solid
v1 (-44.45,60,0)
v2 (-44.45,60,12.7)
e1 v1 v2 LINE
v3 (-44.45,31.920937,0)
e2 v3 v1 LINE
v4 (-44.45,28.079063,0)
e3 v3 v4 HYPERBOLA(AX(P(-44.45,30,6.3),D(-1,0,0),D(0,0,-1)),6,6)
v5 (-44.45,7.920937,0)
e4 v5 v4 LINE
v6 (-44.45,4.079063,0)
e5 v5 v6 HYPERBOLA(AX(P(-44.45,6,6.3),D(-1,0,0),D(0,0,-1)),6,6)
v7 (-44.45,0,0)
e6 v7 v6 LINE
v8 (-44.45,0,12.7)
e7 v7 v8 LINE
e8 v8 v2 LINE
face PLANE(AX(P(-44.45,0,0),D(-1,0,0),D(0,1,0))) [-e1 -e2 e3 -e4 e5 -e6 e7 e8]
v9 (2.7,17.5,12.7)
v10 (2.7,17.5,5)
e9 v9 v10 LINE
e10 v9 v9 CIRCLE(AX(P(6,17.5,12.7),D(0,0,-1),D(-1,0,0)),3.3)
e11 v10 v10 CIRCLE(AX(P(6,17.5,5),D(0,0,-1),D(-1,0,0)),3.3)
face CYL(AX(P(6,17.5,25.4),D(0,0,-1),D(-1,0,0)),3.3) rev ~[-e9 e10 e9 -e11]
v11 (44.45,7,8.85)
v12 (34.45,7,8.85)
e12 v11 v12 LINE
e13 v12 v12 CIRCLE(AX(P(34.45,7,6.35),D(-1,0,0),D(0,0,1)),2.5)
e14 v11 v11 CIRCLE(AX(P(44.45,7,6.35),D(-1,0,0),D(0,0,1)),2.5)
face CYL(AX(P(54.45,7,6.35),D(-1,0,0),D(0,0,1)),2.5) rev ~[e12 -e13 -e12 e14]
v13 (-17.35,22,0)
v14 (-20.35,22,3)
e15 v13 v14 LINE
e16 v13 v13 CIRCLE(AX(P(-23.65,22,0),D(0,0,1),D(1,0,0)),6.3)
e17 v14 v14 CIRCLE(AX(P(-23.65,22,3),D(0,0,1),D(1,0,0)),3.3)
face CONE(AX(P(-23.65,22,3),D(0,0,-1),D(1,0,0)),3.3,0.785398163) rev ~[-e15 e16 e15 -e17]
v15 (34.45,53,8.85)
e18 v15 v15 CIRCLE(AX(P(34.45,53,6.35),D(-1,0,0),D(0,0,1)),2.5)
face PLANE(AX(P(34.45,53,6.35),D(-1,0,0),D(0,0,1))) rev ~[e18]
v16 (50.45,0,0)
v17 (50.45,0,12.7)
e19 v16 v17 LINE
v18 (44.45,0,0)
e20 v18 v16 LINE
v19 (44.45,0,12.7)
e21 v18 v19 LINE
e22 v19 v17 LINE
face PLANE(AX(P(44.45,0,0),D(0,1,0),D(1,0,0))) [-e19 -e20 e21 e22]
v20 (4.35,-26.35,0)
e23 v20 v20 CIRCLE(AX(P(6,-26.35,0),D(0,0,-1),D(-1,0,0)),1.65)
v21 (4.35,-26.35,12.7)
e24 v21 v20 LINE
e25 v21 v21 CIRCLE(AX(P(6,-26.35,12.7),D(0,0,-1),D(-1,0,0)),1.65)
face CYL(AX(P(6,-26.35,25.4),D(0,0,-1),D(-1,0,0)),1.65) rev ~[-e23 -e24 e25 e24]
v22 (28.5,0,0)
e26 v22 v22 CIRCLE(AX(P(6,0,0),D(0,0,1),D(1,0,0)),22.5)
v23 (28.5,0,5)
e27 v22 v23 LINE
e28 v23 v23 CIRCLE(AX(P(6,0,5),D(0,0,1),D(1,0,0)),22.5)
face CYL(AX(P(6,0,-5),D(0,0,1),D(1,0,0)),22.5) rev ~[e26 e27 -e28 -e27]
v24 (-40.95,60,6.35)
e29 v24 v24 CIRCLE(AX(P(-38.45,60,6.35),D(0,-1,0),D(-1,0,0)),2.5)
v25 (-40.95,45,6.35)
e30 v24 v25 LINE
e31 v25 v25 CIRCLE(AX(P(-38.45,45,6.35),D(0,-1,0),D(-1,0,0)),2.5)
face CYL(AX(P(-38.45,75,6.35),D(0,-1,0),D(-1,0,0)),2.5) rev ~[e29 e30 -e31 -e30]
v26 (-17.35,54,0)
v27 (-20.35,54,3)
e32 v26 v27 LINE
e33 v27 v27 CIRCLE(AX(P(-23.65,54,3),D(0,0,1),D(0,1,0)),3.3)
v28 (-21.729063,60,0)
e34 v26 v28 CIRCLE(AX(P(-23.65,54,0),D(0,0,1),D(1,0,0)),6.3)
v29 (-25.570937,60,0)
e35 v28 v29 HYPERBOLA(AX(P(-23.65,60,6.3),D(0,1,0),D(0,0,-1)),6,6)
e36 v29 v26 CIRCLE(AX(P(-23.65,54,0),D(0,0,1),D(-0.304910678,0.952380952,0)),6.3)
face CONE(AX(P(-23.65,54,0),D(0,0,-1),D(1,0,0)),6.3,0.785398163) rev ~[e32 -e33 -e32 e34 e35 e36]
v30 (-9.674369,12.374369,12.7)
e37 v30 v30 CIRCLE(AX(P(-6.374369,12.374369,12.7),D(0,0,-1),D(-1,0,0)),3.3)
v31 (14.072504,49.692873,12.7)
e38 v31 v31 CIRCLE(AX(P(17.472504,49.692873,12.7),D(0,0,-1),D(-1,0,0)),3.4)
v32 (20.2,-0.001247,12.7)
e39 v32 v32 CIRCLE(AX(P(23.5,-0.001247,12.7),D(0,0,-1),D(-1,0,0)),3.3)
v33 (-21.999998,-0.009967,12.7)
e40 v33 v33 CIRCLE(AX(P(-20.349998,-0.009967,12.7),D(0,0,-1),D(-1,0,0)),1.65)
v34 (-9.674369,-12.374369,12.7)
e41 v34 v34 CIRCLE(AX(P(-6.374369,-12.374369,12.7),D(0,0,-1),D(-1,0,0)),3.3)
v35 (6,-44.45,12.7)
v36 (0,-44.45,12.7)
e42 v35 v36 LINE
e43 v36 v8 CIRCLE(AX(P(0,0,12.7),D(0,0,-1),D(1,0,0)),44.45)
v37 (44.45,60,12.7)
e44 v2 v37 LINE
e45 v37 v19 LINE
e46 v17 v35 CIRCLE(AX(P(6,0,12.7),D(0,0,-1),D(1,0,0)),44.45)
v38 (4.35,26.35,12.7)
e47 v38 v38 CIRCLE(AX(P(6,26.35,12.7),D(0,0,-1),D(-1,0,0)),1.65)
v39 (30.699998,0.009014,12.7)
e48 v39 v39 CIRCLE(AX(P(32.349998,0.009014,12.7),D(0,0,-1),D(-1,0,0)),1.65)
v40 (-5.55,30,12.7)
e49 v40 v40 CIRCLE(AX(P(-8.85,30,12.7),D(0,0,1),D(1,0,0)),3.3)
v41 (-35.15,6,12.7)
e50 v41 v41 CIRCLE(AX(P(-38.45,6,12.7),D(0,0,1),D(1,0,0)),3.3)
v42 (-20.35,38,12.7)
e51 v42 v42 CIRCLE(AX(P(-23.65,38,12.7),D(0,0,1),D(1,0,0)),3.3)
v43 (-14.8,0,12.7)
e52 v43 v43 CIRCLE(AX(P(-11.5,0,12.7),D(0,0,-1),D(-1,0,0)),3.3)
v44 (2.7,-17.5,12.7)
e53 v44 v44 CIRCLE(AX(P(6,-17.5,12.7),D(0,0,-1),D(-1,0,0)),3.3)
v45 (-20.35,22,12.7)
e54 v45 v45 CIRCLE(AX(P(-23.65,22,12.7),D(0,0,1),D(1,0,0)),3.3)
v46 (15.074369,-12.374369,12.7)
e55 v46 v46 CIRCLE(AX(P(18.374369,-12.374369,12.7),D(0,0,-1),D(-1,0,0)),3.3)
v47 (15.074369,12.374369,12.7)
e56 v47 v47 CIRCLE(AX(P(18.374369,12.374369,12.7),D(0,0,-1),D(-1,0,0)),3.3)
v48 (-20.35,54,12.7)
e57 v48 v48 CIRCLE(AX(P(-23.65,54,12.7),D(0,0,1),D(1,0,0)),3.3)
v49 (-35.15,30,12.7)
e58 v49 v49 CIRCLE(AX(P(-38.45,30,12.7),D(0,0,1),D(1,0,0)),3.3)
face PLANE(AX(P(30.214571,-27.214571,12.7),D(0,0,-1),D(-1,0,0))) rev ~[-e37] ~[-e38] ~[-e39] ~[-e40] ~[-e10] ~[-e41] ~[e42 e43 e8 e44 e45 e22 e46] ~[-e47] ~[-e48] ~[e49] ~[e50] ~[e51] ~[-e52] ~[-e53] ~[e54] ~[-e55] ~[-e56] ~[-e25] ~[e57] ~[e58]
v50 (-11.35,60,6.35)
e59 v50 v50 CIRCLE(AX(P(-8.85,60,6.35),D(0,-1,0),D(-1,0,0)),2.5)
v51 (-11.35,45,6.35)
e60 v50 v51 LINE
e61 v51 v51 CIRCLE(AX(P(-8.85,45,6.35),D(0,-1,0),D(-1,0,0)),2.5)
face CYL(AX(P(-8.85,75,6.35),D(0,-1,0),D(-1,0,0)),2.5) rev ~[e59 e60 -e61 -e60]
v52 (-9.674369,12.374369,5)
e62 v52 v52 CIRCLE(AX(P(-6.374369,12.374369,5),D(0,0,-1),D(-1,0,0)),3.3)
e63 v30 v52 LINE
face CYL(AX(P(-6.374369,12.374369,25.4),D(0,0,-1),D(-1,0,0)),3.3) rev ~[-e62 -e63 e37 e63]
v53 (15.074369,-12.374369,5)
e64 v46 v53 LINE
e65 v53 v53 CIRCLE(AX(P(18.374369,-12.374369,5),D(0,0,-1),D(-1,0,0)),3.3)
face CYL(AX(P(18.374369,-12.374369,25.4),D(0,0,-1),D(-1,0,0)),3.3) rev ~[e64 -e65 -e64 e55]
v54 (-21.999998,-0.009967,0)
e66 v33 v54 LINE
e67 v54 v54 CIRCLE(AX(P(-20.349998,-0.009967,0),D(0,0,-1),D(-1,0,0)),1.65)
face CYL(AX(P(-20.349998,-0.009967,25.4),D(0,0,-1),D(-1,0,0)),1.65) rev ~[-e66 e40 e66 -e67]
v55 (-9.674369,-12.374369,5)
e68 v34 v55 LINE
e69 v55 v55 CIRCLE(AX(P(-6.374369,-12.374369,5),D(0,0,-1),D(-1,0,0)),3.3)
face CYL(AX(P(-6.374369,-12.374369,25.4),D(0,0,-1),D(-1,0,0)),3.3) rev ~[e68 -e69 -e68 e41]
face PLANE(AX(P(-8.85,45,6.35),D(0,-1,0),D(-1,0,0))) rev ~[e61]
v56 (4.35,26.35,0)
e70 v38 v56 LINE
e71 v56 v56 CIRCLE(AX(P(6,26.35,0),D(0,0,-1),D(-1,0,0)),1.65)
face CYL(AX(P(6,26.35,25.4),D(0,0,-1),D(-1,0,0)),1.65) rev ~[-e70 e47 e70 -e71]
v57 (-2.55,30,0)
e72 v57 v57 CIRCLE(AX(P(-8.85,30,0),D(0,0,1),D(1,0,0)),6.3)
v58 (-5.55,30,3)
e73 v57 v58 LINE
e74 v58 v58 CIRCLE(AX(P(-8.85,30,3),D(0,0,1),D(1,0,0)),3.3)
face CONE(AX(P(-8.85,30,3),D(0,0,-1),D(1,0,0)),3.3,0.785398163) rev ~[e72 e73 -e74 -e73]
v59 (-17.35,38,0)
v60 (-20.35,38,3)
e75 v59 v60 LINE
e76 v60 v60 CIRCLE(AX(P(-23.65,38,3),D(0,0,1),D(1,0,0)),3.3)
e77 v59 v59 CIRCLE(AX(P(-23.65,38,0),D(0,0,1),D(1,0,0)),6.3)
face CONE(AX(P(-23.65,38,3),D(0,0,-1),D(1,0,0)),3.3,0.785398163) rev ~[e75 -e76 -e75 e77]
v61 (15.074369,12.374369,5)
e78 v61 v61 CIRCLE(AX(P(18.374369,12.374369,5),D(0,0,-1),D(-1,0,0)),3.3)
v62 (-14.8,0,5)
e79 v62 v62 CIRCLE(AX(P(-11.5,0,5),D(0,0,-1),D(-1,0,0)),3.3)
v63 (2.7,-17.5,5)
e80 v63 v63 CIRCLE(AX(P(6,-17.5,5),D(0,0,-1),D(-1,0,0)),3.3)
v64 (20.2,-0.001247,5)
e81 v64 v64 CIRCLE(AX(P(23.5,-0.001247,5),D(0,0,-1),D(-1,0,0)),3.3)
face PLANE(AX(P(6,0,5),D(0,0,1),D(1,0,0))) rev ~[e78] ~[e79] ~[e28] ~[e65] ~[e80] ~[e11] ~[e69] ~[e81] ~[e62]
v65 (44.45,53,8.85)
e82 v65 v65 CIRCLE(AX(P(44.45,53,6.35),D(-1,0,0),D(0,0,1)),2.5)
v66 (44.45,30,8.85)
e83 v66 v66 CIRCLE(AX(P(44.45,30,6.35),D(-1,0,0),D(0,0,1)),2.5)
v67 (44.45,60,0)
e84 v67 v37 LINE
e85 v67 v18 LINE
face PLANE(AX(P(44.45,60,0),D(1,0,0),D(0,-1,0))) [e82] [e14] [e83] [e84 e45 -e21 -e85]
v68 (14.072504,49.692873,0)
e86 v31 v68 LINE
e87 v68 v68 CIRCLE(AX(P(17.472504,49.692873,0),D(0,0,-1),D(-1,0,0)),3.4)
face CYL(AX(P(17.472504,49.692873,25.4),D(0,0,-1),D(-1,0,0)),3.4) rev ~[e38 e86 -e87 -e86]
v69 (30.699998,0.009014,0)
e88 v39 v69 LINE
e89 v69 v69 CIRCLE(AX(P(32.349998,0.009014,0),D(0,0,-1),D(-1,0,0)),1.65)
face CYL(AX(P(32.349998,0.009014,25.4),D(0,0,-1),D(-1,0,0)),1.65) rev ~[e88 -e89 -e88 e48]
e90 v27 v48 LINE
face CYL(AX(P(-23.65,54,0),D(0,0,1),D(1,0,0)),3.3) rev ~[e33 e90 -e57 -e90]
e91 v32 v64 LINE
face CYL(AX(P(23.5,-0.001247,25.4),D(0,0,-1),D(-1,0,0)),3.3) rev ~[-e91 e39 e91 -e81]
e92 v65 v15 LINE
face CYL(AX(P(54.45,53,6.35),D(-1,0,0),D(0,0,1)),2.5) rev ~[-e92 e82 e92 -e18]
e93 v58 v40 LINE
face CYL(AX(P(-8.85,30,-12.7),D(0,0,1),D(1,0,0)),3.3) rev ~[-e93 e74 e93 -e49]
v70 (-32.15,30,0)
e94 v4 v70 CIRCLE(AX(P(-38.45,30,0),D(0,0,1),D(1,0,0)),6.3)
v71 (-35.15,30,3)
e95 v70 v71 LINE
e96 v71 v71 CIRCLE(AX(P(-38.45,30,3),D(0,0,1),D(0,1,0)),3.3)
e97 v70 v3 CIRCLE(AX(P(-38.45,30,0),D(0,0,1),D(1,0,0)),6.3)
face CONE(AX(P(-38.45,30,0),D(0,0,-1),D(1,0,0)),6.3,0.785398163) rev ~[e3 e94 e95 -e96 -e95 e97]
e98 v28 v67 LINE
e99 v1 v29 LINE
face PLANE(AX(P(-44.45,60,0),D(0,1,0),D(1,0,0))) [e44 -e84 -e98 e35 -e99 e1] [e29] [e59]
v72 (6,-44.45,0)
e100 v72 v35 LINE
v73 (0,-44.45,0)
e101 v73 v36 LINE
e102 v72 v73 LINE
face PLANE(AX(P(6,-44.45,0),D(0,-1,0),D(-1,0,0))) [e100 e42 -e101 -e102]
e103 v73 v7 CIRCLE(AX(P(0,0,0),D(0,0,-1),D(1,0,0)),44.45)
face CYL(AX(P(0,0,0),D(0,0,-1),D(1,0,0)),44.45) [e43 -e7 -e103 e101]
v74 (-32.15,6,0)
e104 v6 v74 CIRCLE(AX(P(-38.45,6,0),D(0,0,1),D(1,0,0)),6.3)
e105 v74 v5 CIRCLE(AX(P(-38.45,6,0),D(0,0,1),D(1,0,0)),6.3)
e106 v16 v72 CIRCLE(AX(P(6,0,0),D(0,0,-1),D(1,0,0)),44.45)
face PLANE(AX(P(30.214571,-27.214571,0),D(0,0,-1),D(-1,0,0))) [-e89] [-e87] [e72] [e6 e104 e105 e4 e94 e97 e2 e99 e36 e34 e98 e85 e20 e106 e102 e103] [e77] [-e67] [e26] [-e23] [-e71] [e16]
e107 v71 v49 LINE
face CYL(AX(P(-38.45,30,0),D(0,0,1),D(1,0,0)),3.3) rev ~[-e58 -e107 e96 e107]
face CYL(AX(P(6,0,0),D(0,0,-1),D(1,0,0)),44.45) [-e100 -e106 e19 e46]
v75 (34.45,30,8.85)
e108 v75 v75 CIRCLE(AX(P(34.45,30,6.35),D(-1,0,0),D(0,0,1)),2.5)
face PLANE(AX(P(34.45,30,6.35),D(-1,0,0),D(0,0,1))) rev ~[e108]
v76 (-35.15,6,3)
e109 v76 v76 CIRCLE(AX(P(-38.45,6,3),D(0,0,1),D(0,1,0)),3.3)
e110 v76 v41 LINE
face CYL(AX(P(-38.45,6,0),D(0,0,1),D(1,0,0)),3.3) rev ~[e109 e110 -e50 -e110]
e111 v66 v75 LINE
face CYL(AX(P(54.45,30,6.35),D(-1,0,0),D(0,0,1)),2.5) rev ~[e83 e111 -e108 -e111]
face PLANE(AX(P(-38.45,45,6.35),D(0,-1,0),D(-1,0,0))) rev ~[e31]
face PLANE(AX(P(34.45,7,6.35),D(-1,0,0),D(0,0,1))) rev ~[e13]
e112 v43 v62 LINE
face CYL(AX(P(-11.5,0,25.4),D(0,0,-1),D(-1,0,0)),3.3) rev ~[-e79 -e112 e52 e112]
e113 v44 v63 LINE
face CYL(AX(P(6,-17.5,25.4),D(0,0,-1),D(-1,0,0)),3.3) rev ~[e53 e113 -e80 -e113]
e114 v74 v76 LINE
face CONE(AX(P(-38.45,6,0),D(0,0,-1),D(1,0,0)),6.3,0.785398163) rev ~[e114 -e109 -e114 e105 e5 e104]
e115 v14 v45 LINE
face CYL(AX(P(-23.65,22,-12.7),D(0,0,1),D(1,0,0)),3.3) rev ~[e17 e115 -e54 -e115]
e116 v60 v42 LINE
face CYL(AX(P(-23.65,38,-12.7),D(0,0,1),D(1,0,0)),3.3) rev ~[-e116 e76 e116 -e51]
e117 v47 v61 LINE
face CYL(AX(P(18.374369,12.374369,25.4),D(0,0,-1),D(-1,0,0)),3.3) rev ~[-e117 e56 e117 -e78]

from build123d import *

# Parameters (mm, degrees)
BOSS_EXTRUDE1_DEPTH                                 = 12.7
F_4_CLEARANCE_HOLE1_D                               = 3.3
F_4_CLEARANCE_HOLE1_DEPTH                           = 12.7
F_1_4_CLEARANCE_HOLE1_D                             = 6.6
F_1_4_CLEARANCE_HOLE1_DEPTH                         = 12.7
F_1_4_CLEARANCE_HOLE2_D                             = 6.8
F_1_4_CLEARANCE_HOLE2_DEPTH                         = 12.7
CSK_FOR_1_4_FLAT_HEAD_MACHINE_SCREW_100_D           = 6.6
CSK_FOR_1_4_FLAT_HEAD_MACHINE_SCREW_100_DEPTH       = 12.7
CSK_FOR_1_4_FLAT_HEAD_MACHINE_SCREW_100_CSINK_D     = 12.6
CSK_FOR_1_4_FLAT_HEAD_MACHINE_SCREW_100_CSINK_ANGLE = 90
F_10_CLEARANCE_HOLE1_D                              = 5
F_10_CLEARANCE_HOLE1_DEPTH                          = 15
F_10_CLEARANCE_HOLE2_D                              = 5
F_10_CLEARANCE_HOLE2_DEPTH                          = 10
F_1_3_4_CLEARANCE_HOLE1_D                           = 45
F_1_3_4_CLEARANCE_HOLE1_DEPTH                       = 5
F_1_4_CLEARANCE_HOLE3_D                             = 6.6
F_1_4_CLEARANCE_HOLE3_DEPTH                         = 12.7
CHAMFER1_SIZE                                       = 3
BOSS_EXTRUDE2_DEPTH                                 = 12.7


with BuildPart() as part:
    # Sketch1 → Boss-Extrude1 (new body)
    with BuildSketch(Plane(origin=(0, 0, 0), x_dir=(-1, 0, 0), z_dir=(0, 0, -1))):
        with BuildLine():
            Line((44.45, 0), (44.45, 60))
            Line((44.45, 60), (-44.45, 60))
            Line((-44.45, 60), (-44.45, 0))
            ThreePointArc((-44.45, 0), (0, -44.45), (44.45, 0))
        make_face()
    extrude(amount=-BOSS_EXTRUDE1_DEPTH)

    # #4 Clearance Hole1
    with Locations(Plane.XY.offset(12.7)):
        with Locations((32.349998458, 0.009014041), (6, -26.35), (-20.349998115, -0.009967087), (6, 26.35)):
            Hole(F_4_CLEARANCE_HOLE1_D / 2, depth=F_4_CLEARANCE_HOLE1_DEPTH)

    # 1/4 Clearance Hole1
    with Locations(Plane(origin=(0, 0, 0), x_dir=(-1, 0, 0), z_dir=(0, 0, -1))):
        with Locations((8.85, 30), (23.65, 38), (23.65, 22)):
            Hole(F_1_4_CLEARANCE_HOLE1_D / 2, depth=F_1_4_CLEARANCE_HOLE1_DEPTH)

    # 1/4 Clearance Hole2
    with Locations(Plane.XY.offset(12.7)):
        with Locations((17.47250377, 49.692873304)):
            Hole(F_1_4_CLEARANCE_HOLE2_D / 2, depth=F_1_4_CLEARANCE_HOLE2_DEPTH)

    # CSK for 1/4 Flat Head Machine Screw (100)1
    with Locations(Plane(origin=(0, 0, 0), x_dir=(-1, 0, 0), z_dir=(0, 0, -1))):
        with Locations((23.65, 54), (38.45, 6), (38.45, 30)):
            CounterSinkHole(CSK_FOR_1_4_FLAT_HEAD_MACHINE_SCREW_100_D / 2, CSK_FOR_1_4_FLAT_HEAD_MACHINE_SCREW_100_CSINK_D / 2, depth=CSK_FOR_1_4_FLAT_HEAD_MACHINE_SCREW_100_DEPTH, counter_sink_angle=CSK_FOR_1_4_FLAT_HEAD_MACHINE_SCREW_100_CSINK_ANGLE)

    # #10 Clearance Hole1
    with Locations(Plane(origin=(0, 60, 0), x_dir=(1, 0, 0), z_dir=(0, 1, 0))):
        with Locations((-38.45, -6.35), (-8.85, -6.35)):
            Hole(F_10_CLEARANCE_HOLE1_D / 2, depth=F_10_CLEARANCE_HOLE1_DEPTH)

    # #10 Clearance Hole2
    with Locations(Plane(origin=(44.45, 0, 0), x_dir=(0, 0, -1), z_dir=(1, 0, 0))):
        with Locations((-6.35, 7), (-6.35, 53), (-6.35, 30)):
            Hole(F_10_CLEARANCE_HOLE2_D / 2, depth=F_10_CLEARANCE_HOLE2_DEPTH)

    # 1-3/4 Clearance Hole1
    with Locations(Plane(origin=(0, 0, 0), x_dir=(-1, 0, 0), z_dir=(0, 0, -1))):
        with Locations((-6, 0)):
            Hole(F_1_3_4_CLEARANCE_HOLE1_D / 2, depth=F_1_3_4_CLEARANCE_HOLE1_DEPTH)

    # 1/4 Clearance Hole3
    with Locations(Plane.XY.offset(12.7)):
        with Locations((18.374368671, 12.374368671), (23.499999956, -0.001247108), (18.374368671, -12.374368671), (6, -17.5), (-6.374368671, -12.374368671), (-11.5, 0), (-6.374368671, 12.374368671), (6, 17.5)):
            Hole(F_1_4_CLEARANCE_HOLE3_D / 2, depth=F_1_4_CLEARANCE_HOLE3_DEPTH)

    # Chamfer1
    chamfer1_edges = [part.edges().sort_by_distance(p)[0] for p in [
        (-26.95, 22, 0),
        (-26.95, 38, 0),
        (-12.15, 30, 0),
    ]]
    chamfer(chamfer1_edges, length=CHAMFER1_SIZE)

    # Sketch18 → Boss-Extrude2 (add)
    with BuildSketch(Plane(origin=(0, 0, 0), x_dir=(-1, 0, 0), z_dir=(0, 0, -1))):
        with BuildLine():
            Line((-44.45, 0), (-50.45, 0))
            ThreePointArc((-50.45, 0), (-37.430896424, -31.430896424), (-6, -44.45))
            Line((-6, -44.45), (0, -44.45))
            ThreePointArc((0, -44.45), (-31.430896424, -31.430896424), (-44.45, 0))
        make_face()
    extrude(amount=-BOSS_EXTRUDE2_DEPTH)


solid = part.part
